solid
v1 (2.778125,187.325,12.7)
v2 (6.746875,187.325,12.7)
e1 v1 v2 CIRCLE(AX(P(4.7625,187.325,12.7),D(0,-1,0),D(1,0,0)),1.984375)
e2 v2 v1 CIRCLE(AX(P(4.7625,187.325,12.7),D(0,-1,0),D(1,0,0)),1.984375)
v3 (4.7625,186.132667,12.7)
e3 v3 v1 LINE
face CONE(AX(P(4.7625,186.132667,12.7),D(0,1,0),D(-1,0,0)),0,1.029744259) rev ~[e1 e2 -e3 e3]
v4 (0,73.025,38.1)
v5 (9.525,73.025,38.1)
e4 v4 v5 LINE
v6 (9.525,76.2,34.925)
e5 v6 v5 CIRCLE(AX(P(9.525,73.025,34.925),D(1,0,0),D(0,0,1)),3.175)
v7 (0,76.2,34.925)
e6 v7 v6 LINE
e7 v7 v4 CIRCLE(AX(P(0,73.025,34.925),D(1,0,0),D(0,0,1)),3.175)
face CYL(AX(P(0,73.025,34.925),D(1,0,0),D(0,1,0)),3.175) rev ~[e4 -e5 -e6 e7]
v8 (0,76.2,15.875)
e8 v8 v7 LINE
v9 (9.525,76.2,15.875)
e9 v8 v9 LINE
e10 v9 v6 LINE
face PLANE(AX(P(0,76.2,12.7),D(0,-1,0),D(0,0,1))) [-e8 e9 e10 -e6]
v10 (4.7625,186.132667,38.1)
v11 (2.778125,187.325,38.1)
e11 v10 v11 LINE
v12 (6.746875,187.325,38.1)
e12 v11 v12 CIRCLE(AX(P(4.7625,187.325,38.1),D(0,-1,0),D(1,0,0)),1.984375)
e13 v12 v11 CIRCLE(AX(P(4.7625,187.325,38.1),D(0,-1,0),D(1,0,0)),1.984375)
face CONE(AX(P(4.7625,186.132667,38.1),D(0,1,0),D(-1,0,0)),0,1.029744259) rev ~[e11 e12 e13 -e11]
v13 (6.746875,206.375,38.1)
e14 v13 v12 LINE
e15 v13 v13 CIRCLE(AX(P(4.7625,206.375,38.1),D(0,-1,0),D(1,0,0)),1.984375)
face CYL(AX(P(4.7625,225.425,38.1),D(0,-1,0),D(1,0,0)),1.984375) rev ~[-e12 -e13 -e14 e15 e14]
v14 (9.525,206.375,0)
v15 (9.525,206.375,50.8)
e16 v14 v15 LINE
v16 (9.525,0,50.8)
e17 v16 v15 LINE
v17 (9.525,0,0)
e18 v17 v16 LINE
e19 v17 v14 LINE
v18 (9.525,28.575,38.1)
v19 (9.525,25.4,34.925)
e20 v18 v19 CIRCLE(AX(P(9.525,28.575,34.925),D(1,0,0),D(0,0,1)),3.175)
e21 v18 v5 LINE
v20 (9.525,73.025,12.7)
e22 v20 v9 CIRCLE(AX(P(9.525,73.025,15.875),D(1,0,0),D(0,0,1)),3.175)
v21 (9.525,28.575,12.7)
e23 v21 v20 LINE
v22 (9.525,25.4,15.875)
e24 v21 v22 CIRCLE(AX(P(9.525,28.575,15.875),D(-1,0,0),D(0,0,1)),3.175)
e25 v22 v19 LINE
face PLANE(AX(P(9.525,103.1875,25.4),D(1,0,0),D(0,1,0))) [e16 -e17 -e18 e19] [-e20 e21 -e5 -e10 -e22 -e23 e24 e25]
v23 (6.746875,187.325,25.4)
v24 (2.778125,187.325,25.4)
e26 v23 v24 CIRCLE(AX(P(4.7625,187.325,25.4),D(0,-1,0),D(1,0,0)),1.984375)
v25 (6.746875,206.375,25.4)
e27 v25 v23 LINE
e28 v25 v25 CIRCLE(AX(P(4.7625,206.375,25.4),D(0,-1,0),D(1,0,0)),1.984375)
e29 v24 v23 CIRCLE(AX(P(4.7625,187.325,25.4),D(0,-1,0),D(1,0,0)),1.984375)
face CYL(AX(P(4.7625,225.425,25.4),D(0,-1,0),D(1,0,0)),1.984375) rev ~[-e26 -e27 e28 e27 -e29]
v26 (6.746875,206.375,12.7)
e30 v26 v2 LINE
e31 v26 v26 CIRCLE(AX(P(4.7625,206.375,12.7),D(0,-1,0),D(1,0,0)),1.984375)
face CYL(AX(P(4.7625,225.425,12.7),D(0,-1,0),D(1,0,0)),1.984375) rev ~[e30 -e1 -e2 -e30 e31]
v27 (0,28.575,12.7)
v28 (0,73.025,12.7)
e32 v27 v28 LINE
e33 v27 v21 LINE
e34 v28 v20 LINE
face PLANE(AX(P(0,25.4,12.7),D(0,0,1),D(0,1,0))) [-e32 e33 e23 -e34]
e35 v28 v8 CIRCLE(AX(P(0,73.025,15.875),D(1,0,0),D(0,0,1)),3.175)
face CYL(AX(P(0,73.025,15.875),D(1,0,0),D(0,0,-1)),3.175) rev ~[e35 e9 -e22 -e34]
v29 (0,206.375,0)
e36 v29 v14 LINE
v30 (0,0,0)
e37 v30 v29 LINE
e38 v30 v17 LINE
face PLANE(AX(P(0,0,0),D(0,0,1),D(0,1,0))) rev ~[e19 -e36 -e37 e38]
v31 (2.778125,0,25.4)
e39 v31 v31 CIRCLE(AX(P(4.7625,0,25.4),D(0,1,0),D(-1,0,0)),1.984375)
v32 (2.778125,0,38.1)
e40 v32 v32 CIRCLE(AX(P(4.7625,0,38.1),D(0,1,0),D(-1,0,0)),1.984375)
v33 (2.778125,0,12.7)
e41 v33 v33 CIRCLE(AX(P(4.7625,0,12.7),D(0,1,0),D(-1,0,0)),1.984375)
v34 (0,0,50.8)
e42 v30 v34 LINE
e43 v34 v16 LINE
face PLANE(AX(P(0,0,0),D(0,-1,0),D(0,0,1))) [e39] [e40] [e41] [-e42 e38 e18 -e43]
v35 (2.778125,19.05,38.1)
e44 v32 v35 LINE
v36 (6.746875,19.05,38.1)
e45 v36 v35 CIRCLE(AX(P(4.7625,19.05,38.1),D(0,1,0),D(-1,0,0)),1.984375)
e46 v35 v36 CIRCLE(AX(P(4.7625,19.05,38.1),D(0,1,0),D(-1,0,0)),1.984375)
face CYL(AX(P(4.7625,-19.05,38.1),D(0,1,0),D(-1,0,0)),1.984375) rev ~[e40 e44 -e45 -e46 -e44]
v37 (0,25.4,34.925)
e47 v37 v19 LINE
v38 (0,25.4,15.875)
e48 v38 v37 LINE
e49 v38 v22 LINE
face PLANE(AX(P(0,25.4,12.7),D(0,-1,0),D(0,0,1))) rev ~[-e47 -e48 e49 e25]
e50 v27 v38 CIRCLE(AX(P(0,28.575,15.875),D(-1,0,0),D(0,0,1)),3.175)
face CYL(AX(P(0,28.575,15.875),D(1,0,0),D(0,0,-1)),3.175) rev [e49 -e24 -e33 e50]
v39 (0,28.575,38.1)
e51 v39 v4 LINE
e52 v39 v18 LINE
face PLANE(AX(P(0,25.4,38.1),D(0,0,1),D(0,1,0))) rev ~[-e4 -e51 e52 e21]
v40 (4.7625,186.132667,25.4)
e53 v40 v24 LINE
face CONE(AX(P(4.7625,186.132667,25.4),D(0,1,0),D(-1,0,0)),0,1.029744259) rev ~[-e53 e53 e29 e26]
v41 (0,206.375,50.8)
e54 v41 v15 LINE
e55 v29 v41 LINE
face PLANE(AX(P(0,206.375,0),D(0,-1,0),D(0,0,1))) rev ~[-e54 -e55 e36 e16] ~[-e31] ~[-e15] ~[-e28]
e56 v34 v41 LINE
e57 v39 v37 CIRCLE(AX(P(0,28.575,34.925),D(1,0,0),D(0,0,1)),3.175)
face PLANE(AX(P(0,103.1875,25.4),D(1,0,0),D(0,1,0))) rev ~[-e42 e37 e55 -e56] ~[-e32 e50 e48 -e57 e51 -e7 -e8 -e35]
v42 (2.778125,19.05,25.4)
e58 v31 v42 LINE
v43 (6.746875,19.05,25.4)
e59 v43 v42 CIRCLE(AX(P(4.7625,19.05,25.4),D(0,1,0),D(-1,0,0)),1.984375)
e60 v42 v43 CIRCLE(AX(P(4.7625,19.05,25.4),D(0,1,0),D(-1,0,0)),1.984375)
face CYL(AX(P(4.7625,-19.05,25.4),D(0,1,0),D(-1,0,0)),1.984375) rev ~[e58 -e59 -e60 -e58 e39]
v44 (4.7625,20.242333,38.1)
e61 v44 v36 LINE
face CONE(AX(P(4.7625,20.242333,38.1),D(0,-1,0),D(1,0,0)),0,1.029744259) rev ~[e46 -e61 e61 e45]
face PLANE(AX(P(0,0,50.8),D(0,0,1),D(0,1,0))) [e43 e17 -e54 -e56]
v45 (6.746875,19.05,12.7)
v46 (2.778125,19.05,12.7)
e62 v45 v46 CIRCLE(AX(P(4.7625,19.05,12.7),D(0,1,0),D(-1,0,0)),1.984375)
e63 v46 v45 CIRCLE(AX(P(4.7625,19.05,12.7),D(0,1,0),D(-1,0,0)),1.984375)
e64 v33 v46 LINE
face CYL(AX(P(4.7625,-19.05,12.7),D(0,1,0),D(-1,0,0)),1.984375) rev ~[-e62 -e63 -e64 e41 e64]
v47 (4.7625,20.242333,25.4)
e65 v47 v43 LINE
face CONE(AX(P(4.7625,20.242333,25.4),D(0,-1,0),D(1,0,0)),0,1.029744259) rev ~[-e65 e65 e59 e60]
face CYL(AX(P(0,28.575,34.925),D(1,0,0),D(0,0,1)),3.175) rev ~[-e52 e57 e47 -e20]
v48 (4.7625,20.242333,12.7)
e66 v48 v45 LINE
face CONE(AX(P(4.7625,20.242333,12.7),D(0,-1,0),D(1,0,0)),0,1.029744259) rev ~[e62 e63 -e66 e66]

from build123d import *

# Parameters (mm, degrees)
F0_W     = 206.375
F0_H     = 50.8
F0_W_2   = 50.8
F0_H_2   = 25.4
F1_DEPTH = 9.525
F3_D     = 3.96875
F3_DEPTH = 19.05
F3_TIP   = 1.1923327909
F5_D     = 3.96875
F5_DEPTH = 19.05
F5_TIP   = 1.1923327909
F6_R     = 3.175


with BuildPart() as f1:
    # F0 (on Right) → F1 (new body)
    with BuildSketch(Plane.YZ):
        with Locations((103.1875, 25.4)):
            Rectangle(F0_W, F0_H)
        with Locations((50.8, 25.4)):
            Rectangle(F0_W_2, F0_H_2, mode=Mode.SUBTRACT)
    extrude(amount=F1_DEPTH)

    # F3
    with Locations(Plane(origin=(0, 206.375, 0), x_dir=(-1, 0, 0), z_dir=(0, 1, 0))):
        with Locations((-4.7625, 38.1), (-4.7625, 25.4), (-4.7625, 12.7)):
            Hole(F3_D / 2, depth=F3_DEPTH)
            with Locations((0, 0, -(F3_DEPTH + F3_TIP / 2))):  # 118° drill point
                Cone(0, F3_D / 2, F3_TIP, mode=Mode.SUBTRACT)

    # F5
    with Locations(Plane.XZ):
        with Locations((4.7625, 38.1), (4.7625, 25.4), (4.7625, 12.7)):
            Hole(F5_D / 2, depth=F5_DEPTH)
            with Locations((0, 0, -(F5_DEPTH + F5_TIP / 2))):  # 118° drill point
                Cone(0, F5_D / 2, F5_TIP, mode=Mode.SUBTRACT)

    # F6
    f6_edges = [f1.edges().sort_by_distance(p)[0] for p in [
        (4.7625, 76.2, 38.1),
        (4.7625, 25.4, 38.1),
        (4.7625, 25.4, 12.7),
        (4.7625, 76.2, 12.7),
    ]]
    fillet(f6_edges, radius=F6_R)


solid = f1.part
